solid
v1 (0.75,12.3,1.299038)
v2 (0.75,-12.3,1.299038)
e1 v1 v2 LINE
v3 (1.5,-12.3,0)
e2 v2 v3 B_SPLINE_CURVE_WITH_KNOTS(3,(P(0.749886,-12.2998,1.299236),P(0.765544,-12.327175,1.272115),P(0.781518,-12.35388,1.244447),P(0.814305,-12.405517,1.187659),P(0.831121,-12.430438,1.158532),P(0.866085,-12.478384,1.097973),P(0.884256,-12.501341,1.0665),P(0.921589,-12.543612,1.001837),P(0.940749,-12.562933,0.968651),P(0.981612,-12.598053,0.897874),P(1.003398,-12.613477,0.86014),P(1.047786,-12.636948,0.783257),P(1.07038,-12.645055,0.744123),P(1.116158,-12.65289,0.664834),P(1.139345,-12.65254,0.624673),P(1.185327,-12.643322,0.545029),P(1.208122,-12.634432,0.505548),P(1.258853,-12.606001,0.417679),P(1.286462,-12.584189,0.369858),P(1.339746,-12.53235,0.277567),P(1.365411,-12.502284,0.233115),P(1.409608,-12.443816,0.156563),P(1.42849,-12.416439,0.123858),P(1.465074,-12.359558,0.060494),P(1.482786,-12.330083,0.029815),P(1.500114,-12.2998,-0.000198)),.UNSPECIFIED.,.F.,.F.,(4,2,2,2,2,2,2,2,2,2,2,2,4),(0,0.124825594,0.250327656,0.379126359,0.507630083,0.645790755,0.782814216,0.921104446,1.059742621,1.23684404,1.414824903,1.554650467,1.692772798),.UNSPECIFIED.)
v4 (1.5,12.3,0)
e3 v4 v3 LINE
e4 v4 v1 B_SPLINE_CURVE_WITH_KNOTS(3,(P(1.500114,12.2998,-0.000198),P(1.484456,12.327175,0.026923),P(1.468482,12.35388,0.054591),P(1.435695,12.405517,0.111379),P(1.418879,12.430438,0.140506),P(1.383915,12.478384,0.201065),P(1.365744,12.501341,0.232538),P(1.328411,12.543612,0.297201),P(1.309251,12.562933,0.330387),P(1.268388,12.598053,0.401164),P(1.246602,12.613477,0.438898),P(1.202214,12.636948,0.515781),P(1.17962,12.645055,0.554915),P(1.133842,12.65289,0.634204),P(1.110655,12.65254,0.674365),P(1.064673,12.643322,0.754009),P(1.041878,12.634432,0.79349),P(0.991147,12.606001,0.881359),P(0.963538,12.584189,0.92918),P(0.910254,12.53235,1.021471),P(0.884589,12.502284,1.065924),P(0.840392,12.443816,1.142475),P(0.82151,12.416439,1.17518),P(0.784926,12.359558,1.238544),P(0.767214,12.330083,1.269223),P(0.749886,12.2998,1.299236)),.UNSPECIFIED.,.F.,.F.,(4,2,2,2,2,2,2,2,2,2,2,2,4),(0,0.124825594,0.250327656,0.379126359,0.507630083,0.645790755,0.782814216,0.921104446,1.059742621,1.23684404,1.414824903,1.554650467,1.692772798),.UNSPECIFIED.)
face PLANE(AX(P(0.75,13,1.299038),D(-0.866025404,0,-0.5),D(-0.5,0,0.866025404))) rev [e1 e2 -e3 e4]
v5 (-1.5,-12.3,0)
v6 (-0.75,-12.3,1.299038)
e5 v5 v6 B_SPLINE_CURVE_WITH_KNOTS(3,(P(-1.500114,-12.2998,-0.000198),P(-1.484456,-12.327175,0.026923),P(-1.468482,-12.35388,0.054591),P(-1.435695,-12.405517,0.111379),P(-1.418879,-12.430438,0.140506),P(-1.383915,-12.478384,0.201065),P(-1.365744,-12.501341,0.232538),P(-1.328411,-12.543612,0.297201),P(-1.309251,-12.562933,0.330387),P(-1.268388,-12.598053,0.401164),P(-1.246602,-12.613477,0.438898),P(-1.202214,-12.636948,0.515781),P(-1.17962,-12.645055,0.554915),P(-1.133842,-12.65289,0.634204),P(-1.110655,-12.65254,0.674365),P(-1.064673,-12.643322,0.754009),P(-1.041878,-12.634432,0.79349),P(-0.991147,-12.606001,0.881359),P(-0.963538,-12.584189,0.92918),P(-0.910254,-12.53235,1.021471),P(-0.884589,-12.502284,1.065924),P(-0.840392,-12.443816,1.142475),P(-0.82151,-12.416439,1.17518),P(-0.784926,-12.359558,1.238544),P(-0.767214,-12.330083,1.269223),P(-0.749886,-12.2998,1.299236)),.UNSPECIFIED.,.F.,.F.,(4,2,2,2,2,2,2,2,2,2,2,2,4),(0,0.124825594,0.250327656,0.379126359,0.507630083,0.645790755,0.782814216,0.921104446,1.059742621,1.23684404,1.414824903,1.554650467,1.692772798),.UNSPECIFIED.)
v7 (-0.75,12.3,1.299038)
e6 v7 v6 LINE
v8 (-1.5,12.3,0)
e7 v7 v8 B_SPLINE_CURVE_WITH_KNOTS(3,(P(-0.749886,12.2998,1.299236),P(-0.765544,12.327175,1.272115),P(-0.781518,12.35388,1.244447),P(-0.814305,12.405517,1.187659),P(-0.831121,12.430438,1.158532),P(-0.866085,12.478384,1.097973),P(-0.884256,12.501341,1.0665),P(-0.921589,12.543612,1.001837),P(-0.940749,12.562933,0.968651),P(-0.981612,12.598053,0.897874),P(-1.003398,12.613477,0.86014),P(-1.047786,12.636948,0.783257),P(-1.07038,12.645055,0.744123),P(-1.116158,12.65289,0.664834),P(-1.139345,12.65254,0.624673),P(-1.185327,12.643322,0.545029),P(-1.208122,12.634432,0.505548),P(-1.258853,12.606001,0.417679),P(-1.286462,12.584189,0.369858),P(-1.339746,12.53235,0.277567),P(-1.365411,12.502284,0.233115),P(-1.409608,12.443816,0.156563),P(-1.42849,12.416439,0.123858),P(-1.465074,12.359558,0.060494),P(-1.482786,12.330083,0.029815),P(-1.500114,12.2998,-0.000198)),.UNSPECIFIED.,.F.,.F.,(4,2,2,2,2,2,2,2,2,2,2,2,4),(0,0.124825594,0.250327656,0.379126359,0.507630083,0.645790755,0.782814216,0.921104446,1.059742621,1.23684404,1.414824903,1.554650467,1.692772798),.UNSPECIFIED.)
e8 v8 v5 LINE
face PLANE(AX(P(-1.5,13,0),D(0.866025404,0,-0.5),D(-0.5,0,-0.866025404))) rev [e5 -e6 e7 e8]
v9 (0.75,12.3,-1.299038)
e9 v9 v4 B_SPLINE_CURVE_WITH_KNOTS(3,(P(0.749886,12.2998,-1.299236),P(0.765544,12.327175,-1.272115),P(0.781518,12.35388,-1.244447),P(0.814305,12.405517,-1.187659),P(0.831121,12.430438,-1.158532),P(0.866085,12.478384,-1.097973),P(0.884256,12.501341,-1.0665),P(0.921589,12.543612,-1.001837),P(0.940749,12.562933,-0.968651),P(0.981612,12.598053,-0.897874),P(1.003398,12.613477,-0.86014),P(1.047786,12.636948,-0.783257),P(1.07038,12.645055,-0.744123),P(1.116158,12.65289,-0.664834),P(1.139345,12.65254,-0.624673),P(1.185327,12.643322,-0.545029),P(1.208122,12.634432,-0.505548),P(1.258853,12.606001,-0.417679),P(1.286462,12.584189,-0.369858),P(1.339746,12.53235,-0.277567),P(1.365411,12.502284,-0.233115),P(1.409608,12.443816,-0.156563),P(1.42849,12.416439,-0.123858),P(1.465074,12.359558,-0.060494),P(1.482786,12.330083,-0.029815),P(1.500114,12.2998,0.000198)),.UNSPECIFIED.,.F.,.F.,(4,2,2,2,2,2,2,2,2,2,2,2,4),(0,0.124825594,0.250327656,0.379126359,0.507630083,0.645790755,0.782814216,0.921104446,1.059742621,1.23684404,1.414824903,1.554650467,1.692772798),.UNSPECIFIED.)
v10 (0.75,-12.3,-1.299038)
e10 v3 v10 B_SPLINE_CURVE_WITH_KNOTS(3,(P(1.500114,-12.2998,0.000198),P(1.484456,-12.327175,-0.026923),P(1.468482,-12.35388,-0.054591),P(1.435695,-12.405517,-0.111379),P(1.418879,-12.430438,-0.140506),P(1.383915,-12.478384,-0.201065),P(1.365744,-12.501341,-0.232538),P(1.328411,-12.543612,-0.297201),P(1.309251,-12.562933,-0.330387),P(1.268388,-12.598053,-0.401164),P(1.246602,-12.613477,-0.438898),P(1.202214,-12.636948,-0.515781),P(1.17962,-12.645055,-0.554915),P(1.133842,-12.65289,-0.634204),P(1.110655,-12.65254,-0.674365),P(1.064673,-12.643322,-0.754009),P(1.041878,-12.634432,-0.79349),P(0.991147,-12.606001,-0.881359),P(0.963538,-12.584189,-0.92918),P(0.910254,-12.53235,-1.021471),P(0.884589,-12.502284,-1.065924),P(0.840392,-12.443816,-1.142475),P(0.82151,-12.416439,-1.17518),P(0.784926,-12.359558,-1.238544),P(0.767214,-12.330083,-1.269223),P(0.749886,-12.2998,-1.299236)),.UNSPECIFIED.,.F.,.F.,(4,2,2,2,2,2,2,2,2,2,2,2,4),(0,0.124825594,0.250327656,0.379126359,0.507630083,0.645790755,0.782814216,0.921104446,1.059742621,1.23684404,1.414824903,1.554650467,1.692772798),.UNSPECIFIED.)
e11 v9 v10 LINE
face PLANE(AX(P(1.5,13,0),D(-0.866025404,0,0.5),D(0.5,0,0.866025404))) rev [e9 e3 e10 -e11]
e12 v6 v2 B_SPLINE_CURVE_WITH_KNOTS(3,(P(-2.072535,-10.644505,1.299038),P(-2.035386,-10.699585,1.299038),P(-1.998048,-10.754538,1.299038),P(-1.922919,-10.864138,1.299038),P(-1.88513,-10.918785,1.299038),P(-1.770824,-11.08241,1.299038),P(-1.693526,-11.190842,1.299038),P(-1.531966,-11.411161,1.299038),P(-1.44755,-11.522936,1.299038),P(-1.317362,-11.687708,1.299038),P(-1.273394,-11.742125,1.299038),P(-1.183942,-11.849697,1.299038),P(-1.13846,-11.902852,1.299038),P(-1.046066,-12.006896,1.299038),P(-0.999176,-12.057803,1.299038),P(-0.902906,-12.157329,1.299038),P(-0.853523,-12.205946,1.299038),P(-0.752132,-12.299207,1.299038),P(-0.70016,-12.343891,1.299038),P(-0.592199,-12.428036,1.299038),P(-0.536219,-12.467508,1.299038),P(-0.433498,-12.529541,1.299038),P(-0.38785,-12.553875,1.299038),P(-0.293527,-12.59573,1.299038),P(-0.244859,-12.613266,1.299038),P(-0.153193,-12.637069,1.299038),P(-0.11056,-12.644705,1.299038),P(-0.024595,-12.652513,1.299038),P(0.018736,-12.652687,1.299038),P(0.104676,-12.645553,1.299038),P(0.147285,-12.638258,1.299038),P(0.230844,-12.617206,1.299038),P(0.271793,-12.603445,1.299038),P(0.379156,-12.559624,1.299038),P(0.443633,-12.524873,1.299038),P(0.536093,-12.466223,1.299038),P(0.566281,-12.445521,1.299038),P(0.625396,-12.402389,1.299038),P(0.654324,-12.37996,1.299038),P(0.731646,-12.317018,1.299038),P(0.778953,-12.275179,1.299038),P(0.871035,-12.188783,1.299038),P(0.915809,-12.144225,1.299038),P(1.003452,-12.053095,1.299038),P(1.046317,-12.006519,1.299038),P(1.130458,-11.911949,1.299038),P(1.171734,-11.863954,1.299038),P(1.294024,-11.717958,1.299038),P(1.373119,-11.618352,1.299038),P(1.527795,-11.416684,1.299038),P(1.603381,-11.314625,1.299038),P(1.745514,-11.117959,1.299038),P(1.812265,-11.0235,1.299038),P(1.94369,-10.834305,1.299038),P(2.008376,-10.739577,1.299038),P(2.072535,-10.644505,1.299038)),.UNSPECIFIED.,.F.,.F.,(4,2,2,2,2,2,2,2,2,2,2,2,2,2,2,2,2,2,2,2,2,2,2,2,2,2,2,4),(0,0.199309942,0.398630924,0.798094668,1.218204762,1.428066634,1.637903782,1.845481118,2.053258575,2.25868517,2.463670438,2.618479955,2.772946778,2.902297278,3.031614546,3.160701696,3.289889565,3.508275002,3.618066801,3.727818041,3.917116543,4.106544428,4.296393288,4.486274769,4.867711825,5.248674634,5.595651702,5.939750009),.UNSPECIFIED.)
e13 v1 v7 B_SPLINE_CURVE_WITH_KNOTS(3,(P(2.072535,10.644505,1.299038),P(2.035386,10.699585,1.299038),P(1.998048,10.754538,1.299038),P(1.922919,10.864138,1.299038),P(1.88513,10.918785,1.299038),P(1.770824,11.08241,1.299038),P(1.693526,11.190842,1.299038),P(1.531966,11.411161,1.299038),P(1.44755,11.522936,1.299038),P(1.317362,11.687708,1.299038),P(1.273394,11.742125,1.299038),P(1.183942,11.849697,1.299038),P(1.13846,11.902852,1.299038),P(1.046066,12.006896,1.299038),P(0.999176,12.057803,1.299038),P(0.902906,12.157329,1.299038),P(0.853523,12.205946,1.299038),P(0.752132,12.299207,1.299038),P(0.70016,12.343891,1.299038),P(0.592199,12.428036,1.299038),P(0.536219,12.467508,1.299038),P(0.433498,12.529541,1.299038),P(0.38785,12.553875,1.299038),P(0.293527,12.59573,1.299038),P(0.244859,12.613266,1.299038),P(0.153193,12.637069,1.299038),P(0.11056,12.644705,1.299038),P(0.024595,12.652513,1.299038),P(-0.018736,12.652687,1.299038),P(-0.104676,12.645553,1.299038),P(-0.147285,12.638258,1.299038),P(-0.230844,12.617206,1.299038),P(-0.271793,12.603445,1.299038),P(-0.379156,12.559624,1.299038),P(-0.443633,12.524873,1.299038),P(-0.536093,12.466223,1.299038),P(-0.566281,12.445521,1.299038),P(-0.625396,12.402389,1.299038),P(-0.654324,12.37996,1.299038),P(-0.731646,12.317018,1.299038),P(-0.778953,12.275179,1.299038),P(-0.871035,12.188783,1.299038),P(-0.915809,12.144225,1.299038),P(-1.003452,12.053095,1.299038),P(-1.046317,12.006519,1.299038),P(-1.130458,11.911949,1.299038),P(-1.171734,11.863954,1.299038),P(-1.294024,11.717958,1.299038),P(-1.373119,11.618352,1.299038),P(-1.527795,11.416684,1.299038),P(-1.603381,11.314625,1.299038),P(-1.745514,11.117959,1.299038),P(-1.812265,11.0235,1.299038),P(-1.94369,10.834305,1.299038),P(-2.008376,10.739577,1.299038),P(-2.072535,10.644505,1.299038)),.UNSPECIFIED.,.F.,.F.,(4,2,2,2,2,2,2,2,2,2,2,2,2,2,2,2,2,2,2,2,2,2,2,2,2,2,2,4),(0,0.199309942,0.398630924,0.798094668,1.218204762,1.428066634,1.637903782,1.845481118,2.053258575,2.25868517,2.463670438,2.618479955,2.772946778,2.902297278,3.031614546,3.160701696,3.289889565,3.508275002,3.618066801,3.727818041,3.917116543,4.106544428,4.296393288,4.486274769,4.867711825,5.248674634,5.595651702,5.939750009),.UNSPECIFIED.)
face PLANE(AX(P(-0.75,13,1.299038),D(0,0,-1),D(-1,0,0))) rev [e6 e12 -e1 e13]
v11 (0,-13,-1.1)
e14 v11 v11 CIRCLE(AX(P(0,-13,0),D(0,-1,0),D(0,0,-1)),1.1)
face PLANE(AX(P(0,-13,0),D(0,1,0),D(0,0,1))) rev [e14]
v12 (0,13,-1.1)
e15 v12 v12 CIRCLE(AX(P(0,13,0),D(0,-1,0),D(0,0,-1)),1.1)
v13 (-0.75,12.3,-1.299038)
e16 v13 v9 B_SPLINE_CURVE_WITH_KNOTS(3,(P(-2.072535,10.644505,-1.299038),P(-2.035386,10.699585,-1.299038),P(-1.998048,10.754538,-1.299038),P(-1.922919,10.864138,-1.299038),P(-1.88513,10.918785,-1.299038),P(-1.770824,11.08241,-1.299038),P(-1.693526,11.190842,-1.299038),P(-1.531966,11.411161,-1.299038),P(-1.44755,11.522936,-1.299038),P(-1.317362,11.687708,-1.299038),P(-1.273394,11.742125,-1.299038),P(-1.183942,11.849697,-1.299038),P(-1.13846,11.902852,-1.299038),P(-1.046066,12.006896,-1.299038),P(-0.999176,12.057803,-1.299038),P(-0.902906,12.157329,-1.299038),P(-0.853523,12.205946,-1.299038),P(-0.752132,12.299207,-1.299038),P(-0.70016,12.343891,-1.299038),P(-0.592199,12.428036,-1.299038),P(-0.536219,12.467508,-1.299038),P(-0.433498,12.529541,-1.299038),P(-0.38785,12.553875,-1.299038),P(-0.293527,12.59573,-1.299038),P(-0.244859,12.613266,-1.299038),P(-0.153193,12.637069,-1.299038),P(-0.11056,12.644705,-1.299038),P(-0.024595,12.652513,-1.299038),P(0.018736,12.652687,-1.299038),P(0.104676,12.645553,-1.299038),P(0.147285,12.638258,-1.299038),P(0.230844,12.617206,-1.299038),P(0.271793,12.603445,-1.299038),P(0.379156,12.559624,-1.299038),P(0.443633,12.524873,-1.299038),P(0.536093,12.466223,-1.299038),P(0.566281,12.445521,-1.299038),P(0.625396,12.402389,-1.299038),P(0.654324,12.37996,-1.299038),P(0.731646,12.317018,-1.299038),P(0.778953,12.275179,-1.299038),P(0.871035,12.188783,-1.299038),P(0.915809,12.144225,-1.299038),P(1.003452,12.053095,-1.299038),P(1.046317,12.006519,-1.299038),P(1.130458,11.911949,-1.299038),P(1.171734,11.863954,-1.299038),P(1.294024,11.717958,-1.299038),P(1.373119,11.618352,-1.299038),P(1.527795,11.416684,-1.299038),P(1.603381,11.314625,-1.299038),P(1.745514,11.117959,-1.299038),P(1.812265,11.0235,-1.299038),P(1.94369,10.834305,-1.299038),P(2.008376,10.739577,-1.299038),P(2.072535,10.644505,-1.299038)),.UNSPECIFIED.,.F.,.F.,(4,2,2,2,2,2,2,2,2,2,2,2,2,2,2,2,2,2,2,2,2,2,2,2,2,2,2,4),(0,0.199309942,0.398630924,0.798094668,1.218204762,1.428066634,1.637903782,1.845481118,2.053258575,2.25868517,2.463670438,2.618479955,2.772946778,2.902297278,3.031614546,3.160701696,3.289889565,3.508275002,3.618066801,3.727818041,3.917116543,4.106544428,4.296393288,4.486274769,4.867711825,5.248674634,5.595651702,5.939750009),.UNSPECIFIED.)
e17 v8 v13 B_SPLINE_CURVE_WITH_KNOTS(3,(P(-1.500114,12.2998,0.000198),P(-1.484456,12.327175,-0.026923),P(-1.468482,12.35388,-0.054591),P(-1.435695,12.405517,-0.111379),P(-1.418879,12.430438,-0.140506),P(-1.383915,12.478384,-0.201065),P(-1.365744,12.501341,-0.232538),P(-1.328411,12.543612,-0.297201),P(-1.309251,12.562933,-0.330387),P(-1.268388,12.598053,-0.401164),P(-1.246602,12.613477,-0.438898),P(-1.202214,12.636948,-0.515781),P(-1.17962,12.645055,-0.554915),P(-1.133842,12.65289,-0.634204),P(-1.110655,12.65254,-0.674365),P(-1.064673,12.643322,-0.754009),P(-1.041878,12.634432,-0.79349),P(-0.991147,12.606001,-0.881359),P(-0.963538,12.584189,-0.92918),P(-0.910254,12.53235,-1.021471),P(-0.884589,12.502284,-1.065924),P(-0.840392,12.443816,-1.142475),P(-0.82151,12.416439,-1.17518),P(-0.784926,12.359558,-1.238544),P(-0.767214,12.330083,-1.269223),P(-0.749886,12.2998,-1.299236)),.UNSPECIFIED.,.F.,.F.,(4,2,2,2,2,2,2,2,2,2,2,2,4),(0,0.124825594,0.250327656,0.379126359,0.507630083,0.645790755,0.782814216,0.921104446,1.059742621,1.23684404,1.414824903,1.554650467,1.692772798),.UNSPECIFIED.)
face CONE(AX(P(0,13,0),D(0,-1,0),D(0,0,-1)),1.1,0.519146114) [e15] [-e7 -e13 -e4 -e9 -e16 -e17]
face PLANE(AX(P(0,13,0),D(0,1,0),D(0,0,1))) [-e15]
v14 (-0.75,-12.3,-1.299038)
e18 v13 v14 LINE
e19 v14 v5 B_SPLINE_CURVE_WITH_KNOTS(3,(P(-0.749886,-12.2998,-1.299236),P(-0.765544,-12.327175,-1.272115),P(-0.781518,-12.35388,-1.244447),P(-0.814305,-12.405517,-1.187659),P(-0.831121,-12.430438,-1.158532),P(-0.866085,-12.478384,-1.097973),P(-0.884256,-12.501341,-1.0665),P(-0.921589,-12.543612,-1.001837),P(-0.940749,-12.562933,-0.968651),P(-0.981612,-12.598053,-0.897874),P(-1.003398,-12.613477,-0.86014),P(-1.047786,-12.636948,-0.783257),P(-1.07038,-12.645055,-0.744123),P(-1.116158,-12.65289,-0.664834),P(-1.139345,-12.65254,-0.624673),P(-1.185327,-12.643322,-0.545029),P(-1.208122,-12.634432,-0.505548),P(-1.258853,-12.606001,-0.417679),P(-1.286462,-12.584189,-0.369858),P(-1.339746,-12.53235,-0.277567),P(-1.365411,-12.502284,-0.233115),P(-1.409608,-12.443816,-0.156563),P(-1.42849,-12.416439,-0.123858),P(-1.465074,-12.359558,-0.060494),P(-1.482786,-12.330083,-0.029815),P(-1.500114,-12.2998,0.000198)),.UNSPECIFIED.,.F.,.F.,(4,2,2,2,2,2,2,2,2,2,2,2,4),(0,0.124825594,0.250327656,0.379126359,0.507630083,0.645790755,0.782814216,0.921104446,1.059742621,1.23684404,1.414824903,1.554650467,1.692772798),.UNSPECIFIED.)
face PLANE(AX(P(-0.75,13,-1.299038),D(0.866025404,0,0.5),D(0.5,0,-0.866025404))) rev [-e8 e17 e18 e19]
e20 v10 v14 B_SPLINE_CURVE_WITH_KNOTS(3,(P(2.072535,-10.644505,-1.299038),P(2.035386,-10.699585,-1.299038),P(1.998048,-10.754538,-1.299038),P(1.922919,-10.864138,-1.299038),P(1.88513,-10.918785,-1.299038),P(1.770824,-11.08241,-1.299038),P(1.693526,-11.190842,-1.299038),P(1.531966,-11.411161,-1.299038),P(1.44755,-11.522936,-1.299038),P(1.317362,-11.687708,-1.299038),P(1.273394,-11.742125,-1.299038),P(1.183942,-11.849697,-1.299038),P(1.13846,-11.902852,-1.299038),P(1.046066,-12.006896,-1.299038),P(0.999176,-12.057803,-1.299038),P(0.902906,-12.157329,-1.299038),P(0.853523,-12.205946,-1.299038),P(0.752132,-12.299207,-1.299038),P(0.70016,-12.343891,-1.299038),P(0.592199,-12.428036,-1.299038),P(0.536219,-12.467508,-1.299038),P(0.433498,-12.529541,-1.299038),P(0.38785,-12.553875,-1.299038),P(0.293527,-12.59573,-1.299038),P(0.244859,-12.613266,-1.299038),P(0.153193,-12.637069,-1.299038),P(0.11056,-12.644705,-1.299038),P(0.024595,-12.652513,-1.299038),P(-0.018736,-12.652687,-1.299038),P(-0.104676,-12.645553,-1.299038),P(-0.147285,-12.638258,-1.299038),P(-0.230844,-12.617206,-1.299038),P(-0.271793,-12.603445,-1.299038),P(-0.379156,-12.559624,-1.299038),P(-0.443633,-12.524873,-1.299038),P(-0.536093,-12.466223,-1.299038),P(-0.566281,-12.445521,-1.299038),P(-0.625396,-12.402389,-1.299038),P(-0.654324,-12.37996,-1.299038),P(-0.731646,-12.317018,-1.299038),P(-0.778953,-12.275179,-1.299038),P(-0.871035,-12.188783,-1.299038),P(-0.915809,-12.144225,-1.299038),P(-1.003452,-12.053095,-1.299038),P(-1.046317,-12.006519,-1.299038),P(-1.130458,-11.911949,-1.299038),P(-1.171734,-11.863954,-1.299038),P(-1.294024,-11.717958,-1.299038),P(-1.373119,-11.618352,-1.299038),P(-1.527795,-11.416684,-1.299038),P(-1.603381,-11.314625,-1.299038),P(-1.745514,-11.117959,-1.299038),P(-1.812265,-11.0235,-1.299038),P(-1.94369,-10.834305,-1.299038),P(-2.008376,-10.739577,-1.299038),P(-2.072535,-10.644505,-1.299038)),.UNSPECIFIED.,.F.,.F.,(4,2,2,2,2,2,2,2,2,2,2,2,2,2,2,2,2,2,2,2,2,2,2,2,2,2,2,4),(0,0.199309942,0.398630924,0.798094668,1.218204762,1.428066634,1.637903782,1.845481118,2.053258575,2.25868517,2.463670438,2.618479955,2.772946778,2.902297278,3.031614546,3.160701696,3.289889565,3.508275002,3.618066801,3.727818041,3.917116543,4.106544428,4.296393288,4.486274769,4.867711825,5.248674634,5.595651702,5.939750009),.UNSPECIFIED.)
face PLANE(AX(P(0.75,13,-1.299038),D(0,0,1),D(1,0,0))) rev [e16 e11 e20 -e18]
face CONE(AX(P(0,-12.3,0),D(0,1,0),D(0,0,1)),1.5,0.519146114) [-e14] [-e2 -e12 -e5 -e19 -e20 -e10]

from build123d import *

# Parameters (mm, degrees)
BOSS_EXTRUDE1_DEPTH = 13


with BuildPart() as part:
    # Sketch1 → Boss-Extrude1 (new, symmetric)
    with BuildSketch(Plane(origin=(0, 0, 0), x_dir=(1, 0, 0), z_dir=(0, 1, 0))):
        Polygon((1.5, 0), (0.75, 1.299038106), (-0.75, 1.299038106), (-1.5, 0), (-0.75, -1.299038106), (0.75, -1.299038106), align=None)
    extrude(amount=BOSS_EXTRUDE1_DEPTH, both=True)

    # Sketch2 → Cut-Revolve1 (revolve, cut)
    with BuildSketch(Plane.XY, mode=Mode.PRIVATE) as cut_revolve1_sk:
        Polygon((1.5, 13), (1.5, 12.3), (1.1, 13), align=None)
        Polygon((1.5, -13), (1.5, -12.3), (1.1, -13), align=None)
    revolve(cut_revolve1_sk.sketch.rotate(Axis((0, -13, 0), (0, 1, 0)), 300.000003979), axis=Axis((0, -13, 0), (0, 1, 0)), mode=Mode.SUBTRACT)


solid = part.part
